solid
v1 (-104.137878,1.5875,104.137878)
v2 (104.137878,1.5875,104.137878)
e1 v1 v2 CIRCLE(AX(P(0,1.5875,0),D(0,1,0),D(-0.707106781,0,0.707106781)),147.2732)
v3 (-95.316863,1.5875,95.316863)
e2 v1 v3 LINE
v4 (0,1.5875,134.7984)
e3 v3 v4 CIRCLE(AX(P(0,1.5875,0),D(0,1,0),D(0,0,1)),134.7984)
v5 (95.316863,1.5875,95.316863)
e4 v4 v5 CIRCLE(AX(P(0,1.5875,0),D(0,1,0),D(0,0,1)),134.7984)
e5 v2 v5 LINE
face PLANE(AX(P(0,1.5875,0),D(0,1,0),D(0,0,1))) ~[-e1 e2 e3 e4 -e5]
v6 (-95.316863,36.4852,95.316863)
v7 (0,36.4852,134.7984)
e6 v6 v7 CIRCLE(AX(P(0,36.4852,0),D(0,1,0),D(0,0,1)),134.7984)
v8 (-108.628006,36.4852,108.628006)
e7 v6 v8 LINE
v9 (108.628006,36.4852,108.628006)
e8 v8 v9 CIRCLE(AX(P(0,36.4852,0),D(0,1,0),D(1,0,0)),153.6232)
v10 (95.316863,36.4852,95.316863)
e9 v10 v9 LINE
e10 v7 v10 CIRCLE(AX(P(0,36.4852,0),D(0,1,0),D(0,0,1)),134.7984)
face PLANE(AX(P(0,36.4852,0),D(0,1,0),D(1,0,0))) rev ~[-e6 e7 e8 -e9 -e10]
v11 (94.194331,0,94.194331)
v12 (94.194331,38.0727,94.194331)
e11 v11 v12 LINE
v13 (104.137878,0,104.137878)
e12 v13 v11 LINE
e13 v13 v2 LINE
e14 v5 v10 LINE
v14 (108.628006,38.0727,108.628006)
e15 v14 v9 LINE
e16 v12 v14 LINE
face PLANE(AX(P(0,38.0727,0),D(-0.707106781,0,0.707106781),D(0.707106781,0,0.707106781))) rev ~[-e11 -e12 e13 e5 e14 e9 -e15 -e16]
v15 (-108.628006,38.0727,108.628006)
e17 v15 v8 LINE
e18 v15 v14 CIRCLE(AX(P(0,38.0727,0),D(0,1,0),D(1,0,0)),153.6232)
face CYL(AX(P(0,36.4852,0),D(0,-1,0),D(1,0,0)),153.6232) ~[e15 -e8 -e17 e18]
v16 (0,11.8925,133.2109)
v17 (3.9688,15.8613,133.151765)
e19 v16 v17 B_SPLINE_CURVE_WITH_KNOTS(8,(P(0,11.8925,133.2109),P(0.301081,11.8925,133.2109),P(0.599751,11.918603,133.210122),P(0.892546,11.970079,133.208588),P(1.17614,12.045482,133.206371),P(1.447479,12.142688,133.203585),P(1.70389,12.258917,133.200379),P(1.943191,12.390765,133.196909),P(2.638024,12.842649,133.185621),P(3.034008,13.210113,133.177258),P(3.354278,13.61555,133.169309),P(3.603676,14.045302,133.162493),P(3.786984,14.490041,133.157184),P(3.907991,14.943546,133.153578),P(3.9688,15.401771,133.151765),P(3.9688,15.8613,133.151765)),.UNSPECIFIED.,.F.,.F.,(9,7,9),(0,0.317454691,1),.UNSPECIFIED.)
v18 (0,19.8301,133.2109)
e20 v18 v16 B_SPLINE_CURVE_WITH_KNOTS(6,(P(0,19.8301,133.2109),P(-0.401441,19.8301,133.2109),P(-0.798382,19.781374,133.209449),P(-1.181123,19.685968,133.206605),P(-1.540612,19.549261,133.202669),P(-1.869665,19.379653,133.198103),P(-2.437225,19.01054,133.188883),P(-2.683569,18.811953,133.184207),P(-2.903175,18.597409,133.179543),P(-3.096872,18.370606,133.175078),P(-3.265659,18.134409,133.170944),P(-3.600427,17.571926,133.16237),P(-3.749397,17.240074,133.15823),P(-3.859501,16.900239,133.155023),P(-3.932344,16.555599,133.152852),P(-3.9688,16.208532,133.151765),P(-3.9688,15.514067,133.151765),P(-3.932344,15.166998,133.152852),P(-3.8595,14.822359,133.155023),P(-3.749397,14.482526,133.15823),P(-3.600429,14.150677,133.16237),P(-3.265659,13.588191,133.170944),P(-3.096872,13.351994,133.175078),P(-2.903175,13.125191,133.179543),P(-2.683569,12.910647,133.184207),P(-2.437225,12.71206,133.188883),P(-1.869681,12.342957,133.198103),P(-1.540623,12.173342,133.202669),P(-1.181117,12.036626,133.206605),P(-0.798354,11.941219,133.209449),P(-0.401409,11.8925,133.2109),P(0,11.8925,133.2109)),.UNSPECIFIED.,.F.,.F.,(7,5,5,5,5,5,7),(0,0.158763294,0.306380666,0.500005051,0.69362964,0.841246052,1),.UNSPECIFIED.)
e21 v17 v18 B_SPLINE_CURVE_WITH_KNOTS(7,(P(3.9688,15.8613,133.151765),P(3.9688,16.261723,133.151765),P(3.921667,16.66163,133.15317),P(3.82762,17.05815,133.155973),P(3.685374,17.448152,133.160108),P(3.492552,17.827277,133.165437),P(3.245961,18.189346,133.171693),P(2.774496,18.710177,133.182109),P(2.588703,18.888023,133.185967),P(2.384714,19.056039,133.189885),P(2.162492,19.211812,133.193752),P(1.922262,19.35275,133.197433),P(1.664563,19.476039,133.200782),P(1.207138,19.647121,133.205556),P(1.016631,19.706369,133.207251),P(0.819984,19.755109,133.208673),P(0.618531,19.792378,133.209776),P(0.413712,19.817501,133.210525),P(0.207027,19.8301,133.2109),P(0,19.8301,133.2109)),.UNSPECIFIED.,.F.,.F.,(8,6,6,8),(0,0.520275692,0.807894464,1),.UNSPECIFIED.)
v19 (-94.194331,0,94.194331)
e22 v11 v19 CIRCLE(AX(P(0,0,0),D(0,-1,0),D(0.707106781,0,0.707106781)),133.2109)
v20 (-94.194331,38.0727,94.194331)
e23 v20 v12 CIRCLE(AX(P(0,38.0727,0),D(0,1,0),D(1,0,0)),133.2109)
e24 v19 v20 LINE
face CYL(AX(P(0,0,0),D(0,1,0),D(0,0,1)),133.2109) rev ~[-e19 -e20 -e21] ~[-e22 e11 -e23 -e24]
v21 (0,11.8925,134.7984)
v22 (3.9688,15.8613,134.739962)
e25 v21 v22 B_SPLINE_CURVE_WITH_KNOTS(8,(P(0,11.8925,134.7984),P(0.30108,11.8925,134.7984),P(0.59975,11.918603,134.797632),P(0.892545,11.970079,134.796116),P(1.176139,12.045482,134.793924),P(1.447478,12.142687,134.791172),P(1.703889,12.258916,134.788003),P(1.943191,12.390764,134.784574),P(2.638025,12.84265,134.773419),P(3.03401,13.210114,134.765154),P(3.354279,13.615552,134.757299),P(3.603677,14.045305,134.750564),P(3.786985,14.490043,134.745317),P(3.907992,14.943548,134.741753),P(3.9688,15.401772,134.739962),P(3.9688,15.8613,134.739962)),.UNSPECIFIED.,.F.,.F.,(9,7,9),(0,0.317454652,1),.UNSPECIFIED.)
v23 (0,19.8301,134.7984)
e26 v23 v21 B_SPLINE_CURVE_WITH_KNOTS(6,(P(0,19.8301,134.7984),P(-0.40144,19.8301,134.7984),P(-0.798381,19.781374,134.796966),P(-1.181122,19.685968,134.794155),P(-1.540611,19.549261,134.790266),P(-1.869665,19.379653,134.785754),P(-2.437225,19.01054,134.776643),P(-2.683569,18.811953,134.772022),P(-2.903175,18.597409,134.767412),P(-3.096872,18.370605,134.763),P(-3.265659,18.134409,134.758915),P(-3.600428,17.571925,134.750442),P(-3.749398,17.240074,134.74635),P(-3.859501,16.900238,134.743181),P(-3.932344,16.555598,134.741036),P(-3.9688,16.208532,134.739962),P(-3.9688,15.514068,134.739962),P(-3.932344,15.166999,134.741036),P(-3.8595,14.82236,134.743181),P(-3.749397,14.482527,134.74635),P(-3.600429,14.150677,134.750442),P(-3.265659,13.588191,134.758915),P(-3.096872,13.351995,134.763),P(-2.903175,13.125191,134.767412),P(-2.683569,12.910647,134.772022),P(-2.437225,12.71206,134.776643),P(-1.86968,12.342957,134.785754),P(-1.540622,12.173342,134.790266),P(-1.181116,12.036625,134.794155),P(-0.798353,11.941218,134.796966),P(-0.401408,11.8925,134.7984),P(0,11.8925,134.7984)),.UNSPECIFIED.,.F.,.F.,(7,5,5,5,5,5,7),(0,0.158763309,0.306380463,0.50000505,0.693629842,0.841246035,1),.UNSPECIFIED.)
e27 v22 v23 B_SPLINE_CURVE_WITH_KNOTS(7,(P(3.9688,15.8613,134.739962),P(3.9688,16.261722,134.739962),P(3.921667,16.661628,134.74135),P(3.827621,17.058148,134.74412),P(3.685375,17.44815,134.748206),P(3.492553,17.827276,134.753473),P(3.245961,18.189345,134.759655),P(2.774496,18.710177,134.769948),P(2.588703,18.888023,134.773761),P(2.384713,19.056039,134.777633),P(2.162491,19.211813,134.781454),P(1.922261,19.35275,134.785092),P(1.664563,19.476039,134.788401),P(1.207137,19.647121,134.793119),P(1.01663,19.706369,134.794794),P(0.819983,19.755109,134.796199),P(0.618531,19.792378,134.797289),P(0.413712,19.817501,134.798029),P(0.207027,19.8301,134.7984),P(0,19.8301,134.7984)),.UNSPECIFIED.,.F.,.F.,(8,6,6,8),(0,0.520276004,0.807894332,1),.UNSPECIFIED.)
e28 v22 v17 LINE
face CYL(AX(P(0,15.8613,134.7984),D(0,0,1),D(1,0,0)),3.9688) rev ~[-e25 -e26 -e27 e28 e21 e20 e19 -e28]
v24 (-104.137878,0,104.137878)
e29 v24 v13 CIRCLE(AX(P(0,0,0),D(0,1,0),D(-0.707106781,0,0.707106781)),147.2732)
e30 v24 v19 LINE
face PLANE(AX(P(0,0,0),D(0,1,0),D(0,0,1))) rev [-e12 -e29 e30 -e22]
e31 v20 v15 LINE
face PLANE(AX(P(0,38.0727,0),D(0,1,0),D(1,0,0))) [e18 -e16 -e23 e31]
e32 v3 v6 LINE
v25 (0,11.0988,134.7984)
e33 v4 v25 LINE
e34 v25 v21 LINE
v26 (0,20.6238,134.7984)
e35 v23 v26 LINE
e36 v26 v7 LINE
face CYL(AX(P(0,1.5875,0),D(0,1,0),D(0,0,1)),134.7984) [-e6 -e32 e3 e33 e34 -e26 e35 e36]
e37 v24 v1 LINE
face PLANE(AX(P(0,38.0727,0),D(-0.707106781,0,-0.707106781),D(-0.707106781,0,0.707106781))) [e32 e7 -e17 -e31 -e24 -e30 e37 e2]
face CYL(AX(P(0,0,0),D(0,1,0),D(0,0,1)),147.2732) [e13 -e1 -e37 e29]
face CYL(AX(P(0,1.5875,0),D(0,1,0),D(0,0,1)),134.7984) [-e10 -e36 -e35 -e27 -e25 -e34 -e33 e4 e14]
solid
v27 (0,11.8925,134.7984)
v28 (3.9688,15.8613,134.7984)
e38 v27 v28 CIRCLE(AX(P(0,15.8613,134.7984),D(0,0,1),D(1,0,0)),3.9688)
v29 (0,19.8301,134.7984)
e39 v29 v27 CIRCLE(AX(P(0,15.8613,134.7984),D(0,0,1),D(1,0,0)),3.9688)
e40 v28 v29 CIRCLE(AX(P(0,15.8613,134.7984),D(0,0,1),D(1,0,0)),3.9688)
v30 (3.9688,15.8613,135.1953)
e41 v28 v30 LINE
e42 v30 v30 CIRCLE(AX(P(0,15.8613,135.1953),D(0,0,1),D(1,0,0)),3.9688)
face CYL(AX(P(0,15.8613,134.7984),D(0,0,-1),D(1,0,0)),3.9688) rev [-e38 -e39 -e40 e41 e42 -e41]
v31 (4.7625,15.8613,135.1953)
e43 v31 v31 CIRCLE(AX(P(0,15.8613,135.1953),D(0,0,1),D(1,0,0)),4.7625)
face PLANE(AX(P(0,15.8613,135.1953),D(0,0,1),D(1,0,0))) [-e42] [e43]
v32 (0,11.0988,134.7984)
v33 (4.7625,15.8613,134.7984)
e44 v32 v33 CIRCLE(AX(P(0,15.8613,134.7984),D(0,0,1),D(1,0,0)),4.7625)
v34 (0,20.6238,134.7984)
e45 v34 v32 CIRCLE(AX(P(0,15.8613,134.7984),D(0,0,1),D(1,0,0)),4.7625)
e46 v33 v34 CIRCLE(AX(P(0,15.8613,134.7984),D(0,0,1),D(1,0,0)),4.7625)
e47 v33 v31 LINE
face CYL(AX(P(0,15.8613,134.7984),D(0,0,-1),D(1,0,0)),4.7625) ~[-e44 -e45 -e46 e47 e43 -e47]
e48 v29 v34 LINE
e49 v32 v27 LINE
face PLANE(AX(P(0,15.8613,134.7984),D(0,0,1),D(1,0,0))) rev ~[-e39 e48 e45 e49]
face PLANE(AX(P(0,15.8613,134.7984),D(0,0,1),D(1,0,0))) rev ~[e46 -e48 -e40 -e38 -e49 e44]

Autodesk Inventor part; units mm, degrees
ref_plane "YZ Plane" through (0, 0, 0) normal (1, 0, 0) x (0, 1, 0)
ref_plane "XZ Plane" through (0, 0, 0) normal (0, 1, 0) x (-1, 0, 0)
sketch "Sketch1" plane through (0, 0, 0) normal (1, 0, 0) x (0, 1, 0)
  line L0 (0, 0) -> (28.6807, 0)
  line L1 (0, 133.2109) -> (36.4852, 133.2109)
  line L2 (0, 133.2109) -> (0, 147.2732)
  line L3 (0, 147.2732) -> (1.5875, 147.2732)
  line L4 (1.5875, 134.7984) -> (36.4852, 134.7984)
  line L5 (36.4852, 134.7984) -> (36.4852, 133.2109)
  line L6 (1.5875, 134.7984) -> (1.5875, 147.2732)
  point P0 (15.8613, 134.7984)
  dimension "Lay2Rad" = 133.2109
  dimension "d1" = 14.0623
  dimension "d2" = 1.5875
  dimension "d3" = 36.4852
  dimension "d4" = 1.5875
  dimension "d5" = 1.5875
  dimension "d7" = 14.2738
revolve "Revolution1" add sketch "Sketch1" angle 360 about axis through (0, 0, 0) along (0, 1, 0)
ref_plane "Work Plane1" through (0, 15.8613, 134.7984) normal (0, 0, 1) x (1, 0, 0)
sketch "Sketch2" plane through (0, 15.8613, 134.7984) normal (0, 0, 1) x (1, 0, 0)
  circle A0 centre (0, 0) radius 4.7625
  circle A1 centre (0, 0) radius 3.9688
  point P0 (0, -15.8613)
  dimension "d8" = 9.525
  dimension "d11" = 7.9375
extrude "Extrusion2" cut sketch "Sketch2" against normal through all contours A1
extrude "Extrusion3" add sketch "Sketch2" along normal blind 0.3969
sketch "Sketch3" plane through (0, 36.4852, 0) normal (0, 1, 0) x (1, 0, 0)
  circle A0 centre (0, 0) radius 133.2109
  circle A1 centre (0, 0) radius 133.2109 projected
  circle A2 centre (0, 0) radius 153.6232
  circle A3 centre (0, 0) radius 147.2732 projected
  dimension "d16" = 6.35
extrude "Extrusion4" add sketch "Sketch3" along normal blind 1.5875 contours A2 | A3
sketch "Sketch4" plane through (0, 38.0727, 0) normal (0, 1, 0) x (1, 0, 0)
  line L0 (0, 0) -> (-167.0067, -167.0067)
  line L1 (0, 0) -> (236.1832, 0) construction
  line L2 (0, 0) -> (195.6261, -195.6261)
  line L3 (195.6261, -195.6261) -> (-166.4474, -166.4474)
  line L4 (-166.4474, -166.4474) -> (-176.2344, 211.1551)
  line L5 (-176.2344, 211.1551) -> (203.4461, 189.6497)
  line L6 (203.4461, 189.6497) -> (195.6261, -195.6261)
  dimension "d19" = 135
extrude "Extrusion5" cut sketch "Sketch4" against normal through all contours L0 L4 L5 L6 L2
sketch "Sketch5" plane through (94.1943, 0, 94.1943) normal (0.7071, 0, -0.7071) x (-0.7071, 0, -0.7071)
  line L0 (-6.6801, 15.8613) -> (6.5648, 15.8613)
  line L1 (0, 0) -> (-14.0623, 0) projected
  line L2 (0, 38.0727) -> (0, 0) projected
  line L3 (-0.7937, 15.8613) -> (-0.7937, 22.2113)
  line L4 (-0.7937, 22.2113) -> (0, 22.2113)
  line L5 (-0.7937, 15.8613) -> (-0.7937, 9.5113)
  line L6 (-0.7937, 9.5113) -> (-1.5875, 9.5113)
  line L7 (-1.5875, 1.5875) -> (-1.5875, 36.4852) projected
  line L8 (-1.5875, 9.5113) -> (-19.7753, 9.5113)
  line L9 (-19.7753, 9.5113) -> (-9.8215, -14.1735)
  line L10 (-9.8215, -14.1735) -> (10.1035, -9.9498)
  line L11 (10.1035, -9.9498) -> (6.5648, 15.8613)
  line L12 (0, 22.2113) -> (7.2571, 44.9587)
  line L13 (7.2571, 44.9587) -> (-27.8182, 42.4796)
  line L14 (-27.8182, 42.4796) -> (-19.0035, 23.7483)
  line L15 (133.2109, 0) -> (133.2109, 65.8048)
  line L16 (-14.0623, 1.5875) -> (-1.5875, 1.5875) projected
  line L17 (-19.0035, 23.7483) -> (-6.6801, 15.8613)
  dimension "d23" = 0.7937
  dimension "d24" = 6.35
  dimension "d25" = 6.35
  dimension "d27" = 14.2738
equation "\"Lay2Rad\" = -2 * SpWall + 0.5 * IBDia"
equation "\"d2\" = Wall"
equation "\"d3\" = d1_1 + BevDriverDia + SpWall + Space + Wall"
equation "\"d4\" = Wall"
equation "\"d5\" = Wall"
equation "\"d7\" = 1.5 * Space + 0.5 * BevDriverDia"
equation "\"d8\" = 2 * Space + AxelDia"
equation "\"d11\" = AxelDia + Space"
equation "\"d14\" = 0.25 * Wall"
equation "\"d17\" = Wall"
equation "\"d23\" = 0.5 * Wall"
equation "\"d27\" = 1.5 * Space + 0.5 * BevDriverDia"
equation "\"SpWall\" = 3.175"
equation "\"IBDia\" = 279.121792"
equation "\"Wall\" = 1.5875"
equation "\"d1_1\" = 6.35"
equation "\"BevDriverDia\" = 23.785175"
equation "\"Space\" = 1.5875"
equation "\"AxelDia\" = 6.35"
properties part number "Layer2_Prep"
